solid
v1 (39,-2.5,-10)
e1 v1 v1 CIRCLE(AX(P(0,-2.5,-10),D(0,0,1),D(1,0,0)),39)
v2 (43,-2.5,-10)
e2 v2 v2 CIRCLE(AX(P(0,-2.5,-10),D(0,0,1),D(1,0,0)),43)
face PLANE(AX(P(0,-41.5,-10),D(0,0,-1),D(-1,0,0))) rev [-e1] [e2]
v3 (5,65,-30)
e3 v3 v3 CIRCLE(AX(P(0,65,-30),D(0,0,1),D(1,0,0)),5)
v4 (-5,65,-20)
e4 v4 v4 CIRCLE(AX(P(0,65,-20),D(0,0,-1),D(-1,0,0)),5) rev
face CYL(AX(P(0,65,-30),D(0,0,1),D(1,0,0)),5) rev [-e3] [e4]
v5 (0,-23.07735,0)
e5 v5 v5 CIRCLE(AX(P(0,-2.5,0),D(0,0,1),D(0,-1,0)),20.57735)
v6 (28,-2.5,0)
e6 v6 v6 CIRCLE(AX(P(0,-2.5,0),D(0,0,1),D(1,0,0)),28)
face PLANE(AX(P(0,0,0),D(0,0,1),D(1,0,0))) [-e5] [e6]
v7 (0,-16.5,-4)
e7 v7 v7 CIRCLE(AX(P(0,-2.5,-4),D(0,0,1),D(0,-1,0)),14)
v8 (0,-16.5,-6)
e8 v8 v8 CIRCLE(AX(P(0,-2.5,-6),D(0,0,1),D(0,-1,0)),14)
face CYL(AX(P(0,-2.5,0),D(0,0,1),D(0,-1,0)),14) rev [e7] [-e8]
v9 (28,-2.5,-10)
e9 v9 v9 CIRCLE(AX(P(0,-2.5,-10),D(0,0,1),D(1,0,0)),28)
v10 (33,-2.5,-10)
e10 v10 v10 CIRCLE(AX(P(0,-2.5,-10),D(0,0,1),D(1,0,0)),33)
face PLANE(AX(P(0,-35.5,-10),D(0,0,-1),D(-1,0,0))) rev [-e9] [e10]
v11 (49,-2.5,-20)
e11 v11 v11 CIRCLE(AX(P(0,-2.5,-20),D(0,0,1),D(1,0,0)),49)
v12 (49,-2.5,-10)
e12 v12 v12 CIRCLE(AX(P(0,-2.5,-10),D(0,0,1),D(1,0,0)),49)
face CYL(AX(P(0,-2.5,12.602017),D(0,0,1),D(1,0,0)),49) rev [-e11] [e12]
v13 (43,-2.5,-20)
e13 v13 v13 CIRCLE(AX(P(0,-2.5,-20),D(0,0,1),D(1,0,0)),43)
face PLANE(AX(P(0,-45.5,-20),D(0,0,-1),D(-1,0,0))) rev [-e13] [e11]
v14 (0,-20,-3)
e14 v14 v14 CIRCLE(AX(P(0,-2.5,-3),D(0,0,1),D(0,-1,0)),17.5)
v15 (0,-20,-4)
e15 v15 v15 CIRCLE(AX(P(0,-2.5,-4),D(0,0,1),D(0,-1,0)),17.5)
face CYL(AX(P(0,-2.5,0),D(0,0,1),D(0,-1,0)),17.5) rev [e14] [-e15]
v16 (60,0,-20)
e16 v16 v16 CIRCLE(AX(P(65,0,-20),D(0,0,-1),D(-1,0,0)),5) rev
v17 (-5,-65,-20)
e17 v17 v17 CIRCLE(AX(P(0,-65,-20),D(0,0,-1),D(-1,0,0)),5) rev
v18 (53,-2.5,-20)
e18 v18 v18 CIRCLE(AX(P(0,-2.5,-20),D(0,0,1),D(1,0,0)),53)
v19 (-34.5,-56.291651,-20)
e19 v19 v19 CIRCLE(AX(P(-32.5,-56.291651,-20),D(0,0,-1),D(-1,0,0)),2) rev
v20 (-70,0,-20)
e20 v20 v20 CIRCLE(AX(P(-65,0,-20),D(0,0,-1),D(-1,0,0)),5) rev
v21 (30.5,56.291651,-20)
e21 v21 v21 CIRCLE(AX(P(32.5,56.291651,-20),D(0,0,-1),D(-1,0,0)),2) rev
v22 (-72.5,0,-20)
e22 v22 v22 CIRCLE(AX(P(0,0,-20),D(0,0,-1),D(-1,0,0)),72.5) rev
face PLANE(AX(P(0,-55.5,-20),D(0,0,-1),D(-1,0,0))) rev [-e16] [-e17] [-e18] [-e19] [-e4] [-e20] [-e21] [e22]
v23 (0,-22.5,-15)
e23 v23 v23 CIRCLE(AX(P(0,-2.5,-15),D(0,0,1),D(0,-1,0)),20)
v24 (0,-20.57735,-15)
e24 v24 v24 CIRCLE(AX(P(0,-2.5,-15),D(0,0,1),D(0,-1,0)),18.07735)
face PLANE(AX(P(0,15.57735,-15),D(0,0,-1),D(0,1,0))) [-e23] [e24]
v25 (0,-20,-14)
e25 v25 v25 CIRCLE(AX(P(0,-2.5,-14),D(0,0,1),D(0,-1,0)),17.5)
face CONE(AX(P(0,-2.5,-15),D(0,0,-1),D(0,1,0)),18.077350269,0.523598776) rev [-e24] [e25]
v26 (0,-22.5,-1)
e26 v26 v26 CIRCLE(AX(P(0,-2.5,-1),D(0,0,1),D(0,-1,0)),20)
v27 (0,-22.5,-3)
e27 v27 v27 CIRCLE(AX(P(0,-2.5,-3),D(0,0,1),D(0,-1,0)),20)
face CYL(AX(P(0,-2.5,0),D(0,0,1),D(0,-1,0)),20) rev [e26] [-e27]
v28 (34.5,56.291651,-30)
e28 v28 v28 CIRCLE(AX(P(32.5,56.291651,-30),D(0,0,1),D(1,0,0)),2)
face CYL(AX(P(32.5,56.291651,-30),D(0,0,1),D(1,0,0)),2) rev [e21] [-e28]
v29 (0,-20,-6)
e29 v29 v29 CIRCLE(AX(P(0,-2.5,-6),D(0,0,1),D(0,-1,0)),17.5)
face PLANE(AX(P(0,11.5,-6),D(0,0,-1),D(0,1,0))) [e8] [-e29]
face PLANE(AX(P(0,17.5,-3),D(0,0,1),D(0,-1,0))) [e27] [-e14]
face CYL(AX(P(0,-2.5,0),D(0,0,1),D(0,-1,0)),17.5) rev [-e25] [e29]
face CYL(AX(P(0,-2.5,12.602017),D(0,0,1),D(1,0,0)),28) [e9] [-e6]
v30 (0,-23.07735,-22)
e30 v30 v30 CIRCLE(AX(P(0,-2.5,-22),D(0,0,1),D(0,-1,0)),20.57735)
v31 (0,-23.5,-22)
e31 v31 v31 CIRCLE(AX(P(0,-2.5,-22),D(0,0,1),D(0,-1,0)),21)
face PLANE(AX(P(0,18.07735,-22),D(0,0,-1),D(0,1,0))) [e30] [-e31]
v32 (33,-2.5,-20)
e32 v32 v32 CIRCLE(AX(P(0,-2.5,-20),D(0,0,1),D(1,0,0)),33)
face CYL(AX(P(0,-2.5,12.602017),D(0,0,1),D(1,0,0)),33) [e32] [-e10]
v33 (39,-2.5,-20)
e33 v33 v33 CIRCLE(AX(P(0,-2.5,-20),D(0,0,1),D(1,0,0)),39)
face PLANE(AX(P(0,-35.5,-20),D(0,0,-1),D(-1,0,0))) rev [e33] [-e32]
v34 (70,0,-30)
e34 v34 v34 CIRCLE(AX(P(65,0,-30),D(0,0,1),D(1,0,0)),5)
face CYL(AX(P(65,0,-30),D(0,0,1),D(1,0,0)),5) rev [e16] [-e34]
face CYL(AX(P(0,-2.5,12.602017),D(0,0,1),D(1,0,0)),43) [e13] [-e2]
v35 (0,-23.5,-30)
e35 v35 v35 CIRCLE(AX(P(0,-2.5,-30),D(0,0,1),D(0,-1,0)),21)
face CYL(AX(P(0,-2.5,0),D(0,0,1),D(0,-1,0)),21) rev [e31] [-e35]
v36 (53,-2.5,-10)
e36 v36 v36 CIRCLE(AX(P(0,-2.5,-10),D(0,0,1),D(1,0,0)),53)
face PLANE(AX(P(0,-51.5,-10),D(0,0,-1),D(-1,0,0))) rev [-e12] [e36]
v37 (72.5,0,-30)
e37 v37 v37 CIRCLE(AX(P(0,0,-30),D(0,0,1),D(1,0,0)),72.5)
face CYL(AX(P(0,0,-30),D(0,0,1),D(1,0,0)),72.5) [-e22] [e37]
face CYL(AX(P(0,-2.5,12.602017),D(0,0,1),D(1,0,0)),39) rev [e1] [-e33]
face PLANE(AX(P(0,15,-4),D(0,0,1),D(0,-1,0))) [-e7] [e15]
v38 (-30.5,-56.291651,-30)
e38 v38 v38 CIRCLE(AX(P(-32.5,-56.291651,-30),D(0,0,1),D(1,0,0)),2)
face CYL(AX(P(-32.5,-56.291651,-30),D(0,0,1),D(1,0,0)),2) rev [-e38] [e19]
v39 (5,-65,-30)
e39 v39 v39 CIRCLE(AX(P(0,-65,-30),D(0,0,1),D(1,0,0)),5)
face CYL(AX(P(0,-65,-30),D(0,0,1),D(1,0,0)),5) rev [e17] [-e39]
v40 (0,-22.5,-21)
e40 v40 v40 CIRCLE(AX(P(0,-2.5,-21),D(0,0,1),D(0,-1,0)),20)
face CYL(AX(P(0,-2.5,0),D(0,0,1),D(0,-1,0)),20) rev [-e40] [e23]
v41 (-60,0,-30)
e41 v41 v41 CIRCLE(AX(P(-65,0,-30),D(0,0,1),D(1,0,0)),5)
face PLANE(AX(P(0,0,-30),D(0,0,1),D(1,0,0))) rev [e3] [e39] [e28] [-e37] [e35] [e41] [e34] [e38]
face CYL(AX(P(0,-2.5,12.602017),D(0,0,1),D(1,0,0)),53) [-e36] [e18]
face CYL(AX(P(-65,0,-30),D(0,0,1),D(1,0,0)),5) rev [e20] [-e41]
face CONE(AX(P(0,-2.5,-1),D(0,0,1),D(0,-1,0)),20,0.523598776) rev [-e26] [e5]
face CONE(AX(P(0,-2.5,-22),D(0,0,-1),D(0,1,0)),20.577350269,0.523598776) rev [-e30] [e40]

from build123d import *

# Parameters (mm, degrees)
ESQUISSE1_R      = 72.5
ESQUISSE1_R_2    = 5
ESQUISSE1_R_3    = 2
EXTRUSION1_DEPTH = 30


with BuildPart() as part:
    # Esquisse1 → Extrusion1 (new body)
    with BuildSketch(Plane.XY):
        Circle(ESQUISSE1_R)
        with Locations((0, -65)):
            Circle(ESQUISSE1_R_2, mode=Mode.SUBTRACT)
        with Locations((65, 0)):
            Circle(ESQUISSE1_R_2, mode=Mode.SUBTRACT)
        with Locations((0, 65)):
            Circle(ESQUISSE1_R_2, mode=Mode.SUBTRACT)
        with Locations((32.5, 56.291651246)):
            Circle(ESQUISSE1_R_3, mode=Mode.SUBTRACT)
        with Locations((-32.5, -56.291651246)):
            Circle(ESQUISSE1_R_3, mode=Mode.SUBTRACT)
        with Locations((-65, 0)):
            Circle(ESQUISSE1_R_2, mode=Mode.SUBTRACT)
    extrude(amount=-EXTRUSION1_DEPTH)

    # Esquisse2 → Enlèvement de matière-Révolution1 (revolve, cut)
    with BuildSketch(Plane(origin=(0, 0, 0), x_dir=(0, 0, -1), z_dir=(1, 0, 0)), mode=Mode.PRIVATE) as enl_vement_de_mati_re_r_volution1_sk:
        Polygon((14, 15), (15, 15.577350269), (15, 17.5), (21, 17.5), (22, 18.077350269), (22, 18.5), (30, 18.5), (30, -2.5), (0, -2.5), (0, 18.077350269), (1, 17.5), (3, 17.5), (3, 15), (4, 15), (4, 11.5), (6, 11.5), (6, 15), align=None)
    revolve(enl_vement_de_mati_re_r_volution1_sk.sketch.rotate(Axis((0, -2.5, 0), (0, 0, -1)), 180), axis=Axis((0, -2.5, 0), (0, 0, -1)), mode=Mode.SUBTRACT)  # turned: the seam where the file's is

    # Esquisse3 → Enlèvement de matière-Révolution2 (revolve, cut)
    with BuildSketch(Plane(origin=(0, 0, 0), x_dir=(0, 0, -1), z_dir=(1, 0, 0))):
        Polygon((10, -41.5), (10, -45.5), (20, -45.5), (20, -51.5), (10, -51.5), (10, -55.5), (20, -55.5), (20, -82.5), (0, -82.5), (0, -30.5), (10, -30.5), (10, -35.5), (20, -35.5), (20, -41.5), align=None)
    revolve(axis=Axis((0, -2.5, 12.602017423), (0, 0, -1)), mode=Mode.SUBTRACT)


solid = part.part
